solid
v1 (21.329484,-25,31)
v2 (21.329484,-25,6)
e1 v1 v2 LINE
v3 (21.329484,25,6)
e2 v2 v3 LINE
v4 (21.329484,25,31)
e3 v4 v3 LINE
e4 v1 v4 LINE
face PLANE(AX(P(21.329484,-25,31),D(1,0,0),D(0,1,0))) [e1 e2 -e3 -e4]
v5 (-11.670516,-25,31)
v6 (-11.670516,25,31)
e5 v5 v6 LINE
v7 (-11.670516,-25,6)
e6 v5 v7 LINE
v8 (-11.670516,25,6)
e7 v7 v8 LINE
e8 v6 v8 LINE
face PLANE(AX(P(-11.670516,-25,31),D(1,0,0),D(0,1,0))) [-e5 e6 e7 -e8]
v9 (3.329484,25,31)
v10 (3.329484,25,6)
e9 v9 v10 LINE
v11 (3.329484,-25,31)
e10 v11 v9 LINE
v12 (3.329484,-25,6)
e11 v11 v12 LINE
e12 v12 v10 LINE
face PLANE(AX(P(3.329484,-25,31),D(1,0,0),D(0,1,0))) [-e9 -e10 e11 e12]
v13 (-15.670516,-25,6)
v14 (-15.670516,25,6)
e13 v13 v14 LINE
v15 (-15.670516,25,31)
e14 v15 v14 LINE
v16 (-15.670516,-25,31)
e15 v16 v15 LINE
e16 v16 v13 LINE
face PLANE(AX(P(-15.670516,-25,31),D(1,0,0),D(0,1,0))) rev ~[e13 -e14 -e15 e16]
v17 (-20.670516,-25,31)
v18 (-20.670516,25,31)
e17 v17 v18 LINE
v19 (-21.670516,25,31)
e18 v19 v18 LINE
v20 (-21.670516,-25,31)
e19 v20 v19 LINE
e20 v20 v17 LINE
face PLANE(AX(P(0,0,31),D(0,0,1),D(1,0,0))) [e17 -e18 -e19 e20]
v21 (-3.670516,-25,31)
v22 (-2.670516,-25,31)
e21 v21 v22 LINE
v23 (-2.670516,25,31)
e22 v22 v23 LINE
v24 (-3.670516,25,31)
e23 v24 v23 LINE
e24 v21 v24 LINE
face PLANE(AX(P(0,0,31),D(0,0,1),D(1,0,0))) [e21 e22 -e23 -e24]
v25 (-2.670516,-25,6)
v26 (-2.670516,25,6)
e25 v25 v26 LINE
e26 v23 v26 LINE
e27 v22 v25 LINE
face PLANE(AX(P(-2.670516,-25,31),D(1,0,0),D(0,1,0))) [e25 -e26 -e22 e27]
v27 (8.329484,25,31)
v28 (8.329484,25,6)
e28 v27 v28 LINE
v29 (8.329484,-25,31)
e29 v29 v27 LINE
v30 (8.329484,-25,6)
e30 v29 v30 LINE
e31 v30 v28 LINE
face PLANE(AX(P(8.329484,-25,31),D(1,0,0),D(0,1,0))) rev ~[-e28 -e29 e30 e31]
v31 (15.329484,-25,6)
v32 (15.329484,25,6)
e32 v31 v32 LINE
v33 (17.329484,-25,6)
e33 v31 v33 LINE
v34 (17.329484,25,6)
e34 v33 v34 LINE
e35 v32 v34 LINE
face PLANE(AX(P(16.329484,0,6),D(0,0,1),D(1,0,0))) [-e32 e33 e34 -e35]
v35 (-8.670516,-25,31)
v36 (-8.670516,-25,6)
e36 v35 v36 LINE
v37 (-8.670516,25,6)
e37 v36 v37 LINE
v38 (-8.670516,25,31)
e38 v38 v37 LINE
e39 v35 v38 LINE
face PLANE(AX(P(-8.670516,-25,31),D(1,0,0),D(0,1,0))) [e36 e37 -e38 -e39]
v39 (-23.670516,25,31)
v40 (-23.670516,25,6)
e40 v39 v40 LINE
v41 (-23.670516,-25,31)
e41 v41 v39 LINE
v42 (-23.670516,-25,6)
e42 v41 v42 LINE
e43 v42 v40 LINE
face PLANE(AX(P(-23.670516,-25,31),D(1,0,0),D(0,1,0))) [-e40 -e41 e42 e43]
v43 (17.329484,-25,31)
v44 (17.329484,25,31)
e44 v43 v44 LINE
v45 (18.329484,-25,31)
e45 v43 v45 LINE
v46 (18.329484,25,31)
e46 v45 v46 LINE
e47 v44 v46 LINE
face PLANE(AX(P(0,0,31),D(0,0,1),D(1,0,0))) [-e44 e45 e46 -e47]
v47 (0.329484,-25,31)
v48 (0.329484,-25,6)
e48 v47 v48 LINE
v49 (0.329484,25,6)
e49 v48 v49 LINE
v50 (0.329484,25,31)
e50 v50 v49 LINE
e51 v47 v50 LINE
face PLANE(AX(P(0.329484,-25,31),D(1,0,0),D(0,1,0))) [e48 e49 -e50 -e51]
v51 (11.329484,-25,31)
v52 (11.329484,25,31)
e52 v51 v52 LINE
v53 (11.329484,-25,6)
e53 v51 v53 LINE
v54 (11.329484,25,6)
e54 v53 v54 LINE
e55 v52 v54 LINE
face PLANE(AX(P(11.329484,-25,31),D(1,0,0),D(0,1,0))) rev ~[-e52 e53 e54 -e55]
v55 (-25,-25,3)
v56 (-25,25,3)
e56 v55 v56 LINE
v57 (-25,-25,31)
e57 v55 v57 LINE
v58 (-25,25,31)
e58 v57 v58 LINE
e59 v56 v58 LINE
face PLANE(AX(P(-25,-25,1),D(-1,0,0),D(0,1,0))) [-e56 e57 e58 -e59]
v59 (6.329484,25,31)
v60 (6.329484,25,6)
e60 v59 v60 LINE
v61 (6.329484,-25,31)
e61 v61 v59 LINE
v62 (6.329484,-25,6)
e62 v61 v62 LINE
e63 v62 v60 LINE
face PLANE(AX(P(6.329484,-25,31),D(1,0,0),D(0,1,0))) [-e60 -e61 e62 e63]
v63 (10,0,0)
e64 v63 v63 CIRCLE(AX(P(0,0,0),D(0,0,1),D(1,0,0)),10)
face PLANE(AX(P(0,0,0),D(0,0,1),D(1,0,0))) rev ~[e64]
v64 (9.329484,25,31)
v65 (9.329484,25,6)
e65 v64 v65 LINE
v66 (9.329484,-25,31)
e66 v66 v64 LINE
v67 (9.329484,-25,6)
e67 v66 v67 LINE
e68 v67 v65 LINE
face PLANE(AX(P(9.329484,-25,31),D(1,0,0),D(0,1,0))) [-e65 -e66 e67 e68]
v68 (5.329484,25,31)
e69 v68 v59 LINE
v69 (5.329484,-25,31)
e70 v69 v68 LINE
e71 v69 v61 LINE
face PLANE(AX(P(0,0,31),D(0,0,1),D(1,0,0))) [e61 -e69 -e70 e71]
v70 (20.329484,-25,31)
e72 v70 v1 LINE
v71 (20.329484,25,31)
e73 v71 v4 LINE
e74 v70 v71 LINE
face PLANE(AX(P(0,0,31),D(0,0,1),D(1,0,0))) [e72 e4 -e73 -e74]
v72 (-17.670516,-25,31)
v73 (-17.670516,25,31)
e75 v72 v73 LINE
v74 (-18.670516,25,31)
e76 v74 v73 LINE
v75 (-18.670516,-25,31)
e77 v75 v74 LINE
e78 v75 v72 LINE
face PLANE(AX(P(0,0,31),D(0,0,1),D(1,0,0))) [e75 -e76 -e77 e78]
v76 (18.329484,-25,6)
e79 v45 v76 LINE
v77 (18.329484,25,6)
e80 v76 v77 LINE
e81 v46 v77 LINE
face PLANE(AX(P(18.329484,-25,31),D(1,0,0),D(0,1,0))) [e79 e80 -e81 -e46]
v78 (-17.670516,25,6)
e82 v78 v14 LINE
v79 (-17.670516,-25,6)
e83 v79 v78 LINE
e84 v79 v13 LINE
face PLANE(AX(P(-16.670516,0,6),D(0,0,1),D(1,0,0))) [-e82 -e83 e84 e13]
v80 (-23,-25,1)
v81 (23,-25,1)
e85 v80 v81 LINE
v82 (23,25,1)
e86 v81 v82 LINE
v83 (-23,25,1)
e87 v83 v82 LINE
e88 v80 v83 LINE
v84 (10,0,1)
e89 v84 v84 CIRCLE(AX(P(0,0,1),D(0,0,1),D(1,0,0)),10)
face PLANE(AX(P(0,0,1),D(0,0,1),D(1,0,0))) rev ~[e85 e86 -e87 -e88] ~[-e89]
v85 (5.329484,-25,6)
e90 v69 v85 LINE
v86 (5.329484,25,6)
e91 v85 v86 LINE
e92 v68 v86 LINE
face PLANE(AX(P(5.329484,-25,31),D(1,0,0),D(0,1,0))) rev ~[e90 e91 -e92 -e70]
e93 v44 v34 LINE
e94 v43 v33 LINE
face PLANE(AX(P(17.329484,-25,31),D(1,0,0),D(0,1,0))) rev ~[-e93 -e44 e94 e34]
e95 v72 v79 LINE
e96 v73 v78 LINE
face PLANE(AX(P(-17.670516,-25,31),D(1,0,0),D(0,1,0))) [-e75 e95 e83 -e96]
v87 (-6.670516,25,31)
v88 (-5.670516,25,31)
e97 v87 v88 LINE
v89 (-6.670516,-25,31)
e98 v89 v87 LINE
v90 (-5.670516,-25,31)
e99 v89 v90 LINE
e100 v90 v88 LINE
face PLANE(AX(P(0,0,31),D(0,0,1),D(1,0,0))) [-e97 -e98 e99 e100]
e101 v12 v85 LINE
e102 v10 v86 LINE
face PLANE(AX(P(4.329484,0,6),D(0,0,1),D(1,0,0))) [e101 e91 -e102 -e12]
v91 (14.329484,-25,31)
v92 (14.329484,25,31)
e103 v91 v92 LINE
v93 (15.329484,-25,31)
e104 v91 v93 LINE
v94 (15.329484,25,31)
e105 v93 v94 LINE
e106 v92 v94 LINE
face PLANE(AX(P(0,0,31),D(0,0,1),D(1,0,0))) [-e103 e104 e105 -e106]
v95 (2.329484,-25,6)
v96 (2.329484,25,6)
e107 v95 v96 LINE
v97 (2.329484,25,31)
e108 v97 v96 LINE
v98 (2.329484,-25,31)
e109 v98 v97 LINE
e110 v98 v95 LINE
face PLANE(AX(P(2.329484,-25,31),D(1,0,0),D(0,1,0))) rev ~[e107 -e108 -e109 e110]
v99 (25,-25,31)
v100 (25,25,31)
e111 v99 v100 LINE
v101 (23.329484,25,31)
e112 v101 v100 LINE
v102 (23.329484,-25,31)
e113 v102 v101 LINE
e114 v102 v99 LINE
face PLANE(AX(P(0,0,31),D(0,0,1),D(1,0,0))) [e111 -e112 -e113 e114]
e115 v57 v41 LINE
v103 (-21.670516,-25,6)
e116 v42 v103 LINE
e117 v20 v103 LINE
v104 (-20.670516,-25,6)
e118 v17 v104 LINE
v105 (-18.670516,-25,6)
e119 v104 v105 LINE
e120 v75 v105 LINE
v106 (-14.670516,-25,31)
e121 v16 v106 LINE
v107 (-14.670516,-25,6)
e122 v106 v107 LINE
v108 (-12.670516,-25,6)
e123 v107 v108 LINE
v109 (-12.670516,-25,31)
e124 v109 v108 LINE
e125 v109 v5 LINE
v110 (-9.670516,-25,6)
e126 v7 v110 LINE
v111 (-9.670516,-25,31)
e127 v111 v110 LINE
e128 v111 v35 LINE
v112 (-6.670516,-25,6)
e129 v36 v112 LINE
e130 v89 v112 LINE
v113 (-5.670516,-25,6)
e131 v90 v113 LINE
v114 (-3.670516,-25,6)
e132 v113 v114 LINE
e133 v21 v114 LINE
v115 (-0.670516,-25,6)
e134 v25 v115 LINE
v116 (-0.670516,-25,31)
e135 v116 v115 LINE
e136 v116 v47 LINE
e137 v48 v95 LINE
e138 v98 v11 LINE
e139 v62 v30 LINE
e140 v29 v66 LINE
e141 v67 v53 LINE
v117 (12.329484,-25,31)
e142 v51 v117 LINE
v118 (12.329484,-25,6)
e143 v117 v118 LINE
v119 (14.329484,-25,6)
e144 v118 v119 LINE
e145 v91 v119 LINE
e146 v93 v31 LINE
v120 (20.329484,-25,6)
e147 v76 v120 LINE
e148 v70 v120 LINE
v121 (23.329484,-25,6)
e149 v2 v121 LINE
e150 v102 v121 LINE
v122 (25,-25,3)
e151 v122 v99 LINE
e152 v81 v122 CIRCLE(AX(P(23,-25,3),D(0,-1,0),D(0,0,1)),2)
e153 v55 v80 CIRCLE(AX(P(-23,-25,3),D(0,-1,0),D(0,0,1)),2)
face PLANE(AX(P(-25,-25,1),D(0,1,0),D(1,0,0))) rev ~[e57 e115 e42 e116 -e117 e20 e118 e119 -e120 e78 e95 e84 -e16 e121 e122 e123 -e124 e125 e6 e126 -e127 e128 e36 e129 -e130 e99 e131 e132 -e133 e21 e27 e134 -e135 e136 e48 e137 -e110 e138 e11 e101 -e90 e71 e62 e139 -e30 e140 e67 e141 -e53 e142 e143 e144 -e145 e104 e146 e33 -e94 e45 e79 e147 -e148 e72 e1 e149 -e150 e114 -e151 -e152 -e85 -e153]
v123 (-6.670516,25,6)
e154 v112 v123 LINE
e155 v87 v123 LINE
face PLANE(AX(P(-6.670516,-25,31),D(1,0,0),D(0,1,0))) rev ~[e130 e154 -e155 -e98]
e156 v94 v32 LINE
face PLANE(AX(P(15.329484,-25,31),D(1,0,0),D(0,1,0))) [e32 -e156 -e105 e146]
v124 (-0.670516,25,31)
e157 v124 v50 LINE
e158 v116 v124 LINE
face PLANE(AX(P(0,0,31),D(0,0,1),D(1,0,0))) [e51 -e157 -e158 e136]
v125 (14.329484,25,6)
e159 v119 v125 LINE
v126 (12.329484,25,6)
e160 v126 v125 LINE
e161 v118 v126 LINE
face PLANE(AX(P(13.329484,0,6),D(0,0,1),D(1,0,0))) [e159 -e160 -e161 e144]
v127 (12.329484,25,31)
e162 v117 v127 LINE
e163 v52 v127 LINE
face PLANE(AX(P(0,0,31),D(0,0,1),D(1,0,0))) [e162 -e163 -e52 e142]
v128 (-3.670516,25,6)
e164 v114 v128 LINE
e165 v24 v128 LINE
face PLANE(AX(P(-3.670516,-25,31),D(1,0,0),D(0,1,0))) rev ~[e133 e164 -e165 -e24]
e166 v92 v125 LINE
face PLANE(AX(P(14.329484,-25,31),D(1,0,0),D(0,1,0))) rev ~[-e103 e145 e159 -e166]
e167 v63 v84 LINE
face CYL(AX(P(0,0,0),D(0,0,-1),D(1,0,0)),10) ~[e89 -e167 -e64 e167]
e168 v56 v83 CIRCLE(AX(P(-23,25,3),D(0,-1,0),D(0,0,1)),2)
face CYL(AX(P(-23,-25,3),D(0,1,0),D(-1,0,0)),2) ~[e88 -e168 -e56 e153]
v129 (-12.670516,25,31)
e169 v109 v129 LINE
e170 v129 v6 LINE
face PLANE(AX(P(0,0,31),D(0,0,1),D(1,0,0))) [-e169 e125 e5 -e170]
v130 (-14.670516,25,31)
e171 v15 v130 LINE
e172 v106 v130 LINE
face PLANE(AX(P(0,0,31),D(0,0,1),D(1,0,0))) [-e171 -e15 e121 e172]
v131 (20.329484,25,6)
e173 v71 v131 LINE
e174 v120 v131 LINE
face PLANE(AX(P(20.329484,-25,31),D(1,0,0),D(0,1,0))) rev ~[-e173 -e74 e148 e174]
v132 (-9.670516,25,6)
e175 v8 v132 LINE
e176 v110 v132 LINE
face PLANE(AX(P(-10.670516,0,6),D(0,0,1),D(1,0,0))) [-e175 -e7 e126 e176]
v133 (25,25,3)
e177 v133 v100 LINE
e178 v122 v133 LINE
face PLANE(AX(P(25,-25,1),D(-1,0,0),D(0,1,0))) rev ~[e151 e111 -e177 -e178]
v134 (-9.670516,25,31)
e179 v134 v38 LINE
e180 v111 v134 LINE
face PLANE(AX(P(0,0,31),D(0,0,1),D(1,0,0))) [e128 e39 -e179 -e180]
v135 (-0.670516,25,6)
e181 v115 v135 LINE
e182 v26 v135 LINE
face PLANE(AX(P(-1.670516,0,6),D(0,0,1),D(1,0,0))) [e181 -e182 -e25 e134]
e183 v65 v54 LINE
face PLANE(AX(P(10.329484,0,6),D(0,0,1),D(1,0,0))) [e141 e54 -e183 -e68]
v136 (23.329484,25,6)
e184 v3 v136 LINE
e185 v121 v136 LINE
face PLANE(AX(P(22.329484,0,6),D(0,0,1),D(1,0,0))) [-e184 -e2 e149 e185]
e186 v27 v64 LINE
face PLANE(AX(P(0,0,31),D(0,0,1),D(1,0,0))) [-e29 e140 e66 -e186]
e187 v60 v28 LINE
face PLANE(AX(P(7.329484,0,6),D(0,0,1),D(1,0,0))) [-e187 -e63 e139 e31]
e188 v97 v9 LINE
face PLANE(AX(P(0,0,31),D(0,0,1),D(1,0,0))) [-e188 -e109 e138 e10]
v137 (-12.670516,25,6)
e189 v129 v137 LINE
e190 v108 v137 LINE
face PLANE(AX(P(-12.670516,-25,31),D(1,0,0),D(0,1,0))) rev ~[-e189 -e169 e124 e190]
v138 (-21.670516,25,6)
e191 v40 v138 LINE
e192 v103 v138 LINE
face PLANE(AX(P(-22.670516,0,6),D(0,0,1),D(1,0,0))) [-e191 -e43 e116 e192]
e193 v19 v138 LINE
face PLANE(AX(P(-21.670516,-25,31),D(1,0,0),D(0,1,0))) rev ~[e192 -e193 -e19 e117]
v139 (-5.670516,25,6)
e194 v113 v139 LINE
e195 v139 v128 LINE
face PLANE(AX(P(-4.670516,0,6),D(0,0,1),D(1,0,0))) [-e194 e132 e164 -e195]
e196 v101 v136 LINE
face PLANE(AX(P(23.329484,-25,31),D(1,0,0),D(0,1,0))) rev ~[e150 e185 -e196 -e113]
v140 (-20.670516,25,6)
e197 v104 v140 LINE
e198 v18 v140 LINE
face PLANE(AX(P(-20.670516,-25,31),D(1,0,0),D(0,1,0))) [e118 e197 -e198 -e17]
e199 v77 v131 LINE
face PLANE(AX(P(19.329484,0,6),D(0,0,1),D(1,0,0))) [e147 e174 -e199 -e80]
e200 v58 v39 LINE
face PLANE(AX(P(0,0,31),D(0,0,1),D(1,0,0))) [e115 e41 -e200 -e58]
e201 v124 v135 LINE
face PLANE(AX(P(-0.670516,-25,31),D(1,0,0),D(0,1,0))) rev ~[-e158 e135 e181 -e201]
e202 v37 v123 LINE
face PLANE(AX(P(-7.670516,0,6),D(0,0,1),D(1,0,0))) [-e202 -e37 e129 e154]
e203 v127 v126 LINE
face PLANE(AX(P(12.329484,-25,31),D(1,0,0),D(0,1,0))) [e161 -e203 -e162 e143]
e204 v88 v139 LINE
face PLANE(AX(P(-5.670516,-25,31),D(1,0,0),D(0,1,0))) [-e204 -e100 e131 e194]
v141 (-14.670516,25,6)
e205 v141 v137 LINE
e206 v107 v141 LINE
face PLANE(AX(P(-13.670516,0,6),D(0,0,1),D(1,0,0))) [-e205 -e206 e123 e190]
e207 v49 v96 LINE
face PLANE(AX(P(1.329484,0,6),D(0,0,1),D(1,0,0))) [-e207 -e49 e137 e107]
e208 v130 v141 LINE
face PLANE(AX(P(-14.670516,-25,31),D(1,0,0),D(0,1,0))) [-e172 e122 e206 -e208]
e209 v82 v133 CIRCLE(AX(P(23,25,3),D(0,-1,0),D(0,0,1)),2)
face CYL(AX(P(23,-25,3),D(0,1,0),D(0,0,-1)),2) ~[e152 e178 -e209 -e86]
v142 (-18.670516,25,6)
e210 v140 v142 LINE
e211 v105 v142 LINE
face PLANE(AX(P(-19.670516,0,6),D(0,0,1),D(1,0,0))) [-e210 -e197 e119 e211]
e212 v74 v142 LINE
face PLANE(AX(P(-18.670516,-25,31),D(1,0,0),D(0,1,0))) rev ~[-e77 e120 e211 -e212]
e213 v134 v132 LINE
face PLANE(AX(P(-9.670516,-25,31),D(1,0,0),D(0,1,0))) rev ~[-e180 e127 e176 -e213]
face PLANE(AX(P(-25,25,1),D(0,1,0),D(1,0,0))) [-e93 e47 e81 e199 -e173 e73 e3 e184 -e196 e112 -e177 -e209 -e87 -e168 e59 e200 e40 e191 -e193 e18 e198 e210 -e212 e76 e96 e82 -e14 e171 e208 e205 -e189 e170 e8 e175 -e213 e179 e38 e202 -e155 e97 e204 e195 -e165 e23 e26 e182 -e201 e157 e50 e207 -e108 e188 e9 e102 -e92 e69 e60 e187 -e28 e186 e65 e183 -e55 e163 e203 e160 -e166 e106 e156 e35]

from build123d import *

# Parameters (mm, degrees)
SKETCH1_R           = 10
BOSS_EXTRUDE1_DEPTH = 1
SKETCH2_W           = 50
SKETCH2_H           = 50
BOSS_EXTRUDE2_DEPTH = 30
SKETCH3_W           = 2
SKETCH3_H           = 50
CUT_EXTRUDE1_DEPTH  = 25
FILLET1_R           = 2


with BuildPart() as part:
    # Sketch1 → Boss-Extrude1 (new body)
    with BuildSketch(Plane.XY):
        Circle(SKETCH1_R)
    extrude(amount=BOSS_EXTRUDE1_DEPTH)

    # Sketch2 → Boss-Extrude2 (add)
    with BuildSketch(Plane.XY.offset(1)):
        Rectangle(SKETCH2_W, SKETCH2_H)
    extrude(amount=BOSS_EXTRUDE2_DEPTH)

    # Sketch3 → Cut-Extrude1 (cut)
    with BuildSketch(Plane.XY.offset(31)):
        with Locations((-22.6705156, 0)):
            Rectangle(SKETCH3_W, SKETCH3_H)
        with Locations((-19.6705156, 0)):
            Rectangle(SKETCH3_W, SKETCH3_H)
        with Locations((-16.6705156, 0)):
            Rectangle(SKETCH3_W, SKETCH3_H)
        with Locations((-13.6705156, 0)):
            Rectangle(SKETCH3_W, SKETCH3_H)
        with Locations((-10.6705156, 0)):
            Rectangle(SKETCH3_W, SKETCH3_H)
        with Locations((-7.6705156, 0)):
            Rectangle(SKETCH3_W, SKETCH3_H)
        with Locations((-4.6705156, 0)):
            Rectangle(SKETCH3_W, SKETCH3_H)
        with Locations((-1.6705156, 0)):
            Rectangle(SKETCH3_W, SKETCH3_H)
        with Locations((1.3294844, 0)):
            Rectangle(SKETCH3_W, SKETCH3_H)
        with Locations((4.3294844, 0)):
            Rectangle(SKETCH3_W, SKETCH3_H)
        with Locations((7.3294844, 0)):
            Rectangle(SKETCH3_W, SKETCH3_H)
        with Locations((10.3294844, 0)):
            Rectangle(SKETCH3_W, SKETCH3_H)
        with Locations((13.3294844, 0)):
            Rectangle(SKETCH3_W, SKETCH3_H)
        with Locations((16.3294844, 0)):
            Rectangle(SKETCH3_W, SKETCH3_H)
        with Locations((19.3294844, 0)):
            Rectangle(SKETCH3_W, SKETCH3_H)
        with Locations((22.3294844, 0)):
            Rectangle(SKETCH3_W, SKETCH3_H)
    extrude(amount=-CUT_EXTRUDE1_DEPTH, mode=Mode.SUBTRACT)

    # Fillet1
    fillet1_edges = [part.edges().sort_by_distance(p)[0] for p in [
        (25, 0, 1),
        (-25, 0, 1),
    ]]
    fillet(fillet1_edges, radius=FILLET1_R)


solid = part.part
